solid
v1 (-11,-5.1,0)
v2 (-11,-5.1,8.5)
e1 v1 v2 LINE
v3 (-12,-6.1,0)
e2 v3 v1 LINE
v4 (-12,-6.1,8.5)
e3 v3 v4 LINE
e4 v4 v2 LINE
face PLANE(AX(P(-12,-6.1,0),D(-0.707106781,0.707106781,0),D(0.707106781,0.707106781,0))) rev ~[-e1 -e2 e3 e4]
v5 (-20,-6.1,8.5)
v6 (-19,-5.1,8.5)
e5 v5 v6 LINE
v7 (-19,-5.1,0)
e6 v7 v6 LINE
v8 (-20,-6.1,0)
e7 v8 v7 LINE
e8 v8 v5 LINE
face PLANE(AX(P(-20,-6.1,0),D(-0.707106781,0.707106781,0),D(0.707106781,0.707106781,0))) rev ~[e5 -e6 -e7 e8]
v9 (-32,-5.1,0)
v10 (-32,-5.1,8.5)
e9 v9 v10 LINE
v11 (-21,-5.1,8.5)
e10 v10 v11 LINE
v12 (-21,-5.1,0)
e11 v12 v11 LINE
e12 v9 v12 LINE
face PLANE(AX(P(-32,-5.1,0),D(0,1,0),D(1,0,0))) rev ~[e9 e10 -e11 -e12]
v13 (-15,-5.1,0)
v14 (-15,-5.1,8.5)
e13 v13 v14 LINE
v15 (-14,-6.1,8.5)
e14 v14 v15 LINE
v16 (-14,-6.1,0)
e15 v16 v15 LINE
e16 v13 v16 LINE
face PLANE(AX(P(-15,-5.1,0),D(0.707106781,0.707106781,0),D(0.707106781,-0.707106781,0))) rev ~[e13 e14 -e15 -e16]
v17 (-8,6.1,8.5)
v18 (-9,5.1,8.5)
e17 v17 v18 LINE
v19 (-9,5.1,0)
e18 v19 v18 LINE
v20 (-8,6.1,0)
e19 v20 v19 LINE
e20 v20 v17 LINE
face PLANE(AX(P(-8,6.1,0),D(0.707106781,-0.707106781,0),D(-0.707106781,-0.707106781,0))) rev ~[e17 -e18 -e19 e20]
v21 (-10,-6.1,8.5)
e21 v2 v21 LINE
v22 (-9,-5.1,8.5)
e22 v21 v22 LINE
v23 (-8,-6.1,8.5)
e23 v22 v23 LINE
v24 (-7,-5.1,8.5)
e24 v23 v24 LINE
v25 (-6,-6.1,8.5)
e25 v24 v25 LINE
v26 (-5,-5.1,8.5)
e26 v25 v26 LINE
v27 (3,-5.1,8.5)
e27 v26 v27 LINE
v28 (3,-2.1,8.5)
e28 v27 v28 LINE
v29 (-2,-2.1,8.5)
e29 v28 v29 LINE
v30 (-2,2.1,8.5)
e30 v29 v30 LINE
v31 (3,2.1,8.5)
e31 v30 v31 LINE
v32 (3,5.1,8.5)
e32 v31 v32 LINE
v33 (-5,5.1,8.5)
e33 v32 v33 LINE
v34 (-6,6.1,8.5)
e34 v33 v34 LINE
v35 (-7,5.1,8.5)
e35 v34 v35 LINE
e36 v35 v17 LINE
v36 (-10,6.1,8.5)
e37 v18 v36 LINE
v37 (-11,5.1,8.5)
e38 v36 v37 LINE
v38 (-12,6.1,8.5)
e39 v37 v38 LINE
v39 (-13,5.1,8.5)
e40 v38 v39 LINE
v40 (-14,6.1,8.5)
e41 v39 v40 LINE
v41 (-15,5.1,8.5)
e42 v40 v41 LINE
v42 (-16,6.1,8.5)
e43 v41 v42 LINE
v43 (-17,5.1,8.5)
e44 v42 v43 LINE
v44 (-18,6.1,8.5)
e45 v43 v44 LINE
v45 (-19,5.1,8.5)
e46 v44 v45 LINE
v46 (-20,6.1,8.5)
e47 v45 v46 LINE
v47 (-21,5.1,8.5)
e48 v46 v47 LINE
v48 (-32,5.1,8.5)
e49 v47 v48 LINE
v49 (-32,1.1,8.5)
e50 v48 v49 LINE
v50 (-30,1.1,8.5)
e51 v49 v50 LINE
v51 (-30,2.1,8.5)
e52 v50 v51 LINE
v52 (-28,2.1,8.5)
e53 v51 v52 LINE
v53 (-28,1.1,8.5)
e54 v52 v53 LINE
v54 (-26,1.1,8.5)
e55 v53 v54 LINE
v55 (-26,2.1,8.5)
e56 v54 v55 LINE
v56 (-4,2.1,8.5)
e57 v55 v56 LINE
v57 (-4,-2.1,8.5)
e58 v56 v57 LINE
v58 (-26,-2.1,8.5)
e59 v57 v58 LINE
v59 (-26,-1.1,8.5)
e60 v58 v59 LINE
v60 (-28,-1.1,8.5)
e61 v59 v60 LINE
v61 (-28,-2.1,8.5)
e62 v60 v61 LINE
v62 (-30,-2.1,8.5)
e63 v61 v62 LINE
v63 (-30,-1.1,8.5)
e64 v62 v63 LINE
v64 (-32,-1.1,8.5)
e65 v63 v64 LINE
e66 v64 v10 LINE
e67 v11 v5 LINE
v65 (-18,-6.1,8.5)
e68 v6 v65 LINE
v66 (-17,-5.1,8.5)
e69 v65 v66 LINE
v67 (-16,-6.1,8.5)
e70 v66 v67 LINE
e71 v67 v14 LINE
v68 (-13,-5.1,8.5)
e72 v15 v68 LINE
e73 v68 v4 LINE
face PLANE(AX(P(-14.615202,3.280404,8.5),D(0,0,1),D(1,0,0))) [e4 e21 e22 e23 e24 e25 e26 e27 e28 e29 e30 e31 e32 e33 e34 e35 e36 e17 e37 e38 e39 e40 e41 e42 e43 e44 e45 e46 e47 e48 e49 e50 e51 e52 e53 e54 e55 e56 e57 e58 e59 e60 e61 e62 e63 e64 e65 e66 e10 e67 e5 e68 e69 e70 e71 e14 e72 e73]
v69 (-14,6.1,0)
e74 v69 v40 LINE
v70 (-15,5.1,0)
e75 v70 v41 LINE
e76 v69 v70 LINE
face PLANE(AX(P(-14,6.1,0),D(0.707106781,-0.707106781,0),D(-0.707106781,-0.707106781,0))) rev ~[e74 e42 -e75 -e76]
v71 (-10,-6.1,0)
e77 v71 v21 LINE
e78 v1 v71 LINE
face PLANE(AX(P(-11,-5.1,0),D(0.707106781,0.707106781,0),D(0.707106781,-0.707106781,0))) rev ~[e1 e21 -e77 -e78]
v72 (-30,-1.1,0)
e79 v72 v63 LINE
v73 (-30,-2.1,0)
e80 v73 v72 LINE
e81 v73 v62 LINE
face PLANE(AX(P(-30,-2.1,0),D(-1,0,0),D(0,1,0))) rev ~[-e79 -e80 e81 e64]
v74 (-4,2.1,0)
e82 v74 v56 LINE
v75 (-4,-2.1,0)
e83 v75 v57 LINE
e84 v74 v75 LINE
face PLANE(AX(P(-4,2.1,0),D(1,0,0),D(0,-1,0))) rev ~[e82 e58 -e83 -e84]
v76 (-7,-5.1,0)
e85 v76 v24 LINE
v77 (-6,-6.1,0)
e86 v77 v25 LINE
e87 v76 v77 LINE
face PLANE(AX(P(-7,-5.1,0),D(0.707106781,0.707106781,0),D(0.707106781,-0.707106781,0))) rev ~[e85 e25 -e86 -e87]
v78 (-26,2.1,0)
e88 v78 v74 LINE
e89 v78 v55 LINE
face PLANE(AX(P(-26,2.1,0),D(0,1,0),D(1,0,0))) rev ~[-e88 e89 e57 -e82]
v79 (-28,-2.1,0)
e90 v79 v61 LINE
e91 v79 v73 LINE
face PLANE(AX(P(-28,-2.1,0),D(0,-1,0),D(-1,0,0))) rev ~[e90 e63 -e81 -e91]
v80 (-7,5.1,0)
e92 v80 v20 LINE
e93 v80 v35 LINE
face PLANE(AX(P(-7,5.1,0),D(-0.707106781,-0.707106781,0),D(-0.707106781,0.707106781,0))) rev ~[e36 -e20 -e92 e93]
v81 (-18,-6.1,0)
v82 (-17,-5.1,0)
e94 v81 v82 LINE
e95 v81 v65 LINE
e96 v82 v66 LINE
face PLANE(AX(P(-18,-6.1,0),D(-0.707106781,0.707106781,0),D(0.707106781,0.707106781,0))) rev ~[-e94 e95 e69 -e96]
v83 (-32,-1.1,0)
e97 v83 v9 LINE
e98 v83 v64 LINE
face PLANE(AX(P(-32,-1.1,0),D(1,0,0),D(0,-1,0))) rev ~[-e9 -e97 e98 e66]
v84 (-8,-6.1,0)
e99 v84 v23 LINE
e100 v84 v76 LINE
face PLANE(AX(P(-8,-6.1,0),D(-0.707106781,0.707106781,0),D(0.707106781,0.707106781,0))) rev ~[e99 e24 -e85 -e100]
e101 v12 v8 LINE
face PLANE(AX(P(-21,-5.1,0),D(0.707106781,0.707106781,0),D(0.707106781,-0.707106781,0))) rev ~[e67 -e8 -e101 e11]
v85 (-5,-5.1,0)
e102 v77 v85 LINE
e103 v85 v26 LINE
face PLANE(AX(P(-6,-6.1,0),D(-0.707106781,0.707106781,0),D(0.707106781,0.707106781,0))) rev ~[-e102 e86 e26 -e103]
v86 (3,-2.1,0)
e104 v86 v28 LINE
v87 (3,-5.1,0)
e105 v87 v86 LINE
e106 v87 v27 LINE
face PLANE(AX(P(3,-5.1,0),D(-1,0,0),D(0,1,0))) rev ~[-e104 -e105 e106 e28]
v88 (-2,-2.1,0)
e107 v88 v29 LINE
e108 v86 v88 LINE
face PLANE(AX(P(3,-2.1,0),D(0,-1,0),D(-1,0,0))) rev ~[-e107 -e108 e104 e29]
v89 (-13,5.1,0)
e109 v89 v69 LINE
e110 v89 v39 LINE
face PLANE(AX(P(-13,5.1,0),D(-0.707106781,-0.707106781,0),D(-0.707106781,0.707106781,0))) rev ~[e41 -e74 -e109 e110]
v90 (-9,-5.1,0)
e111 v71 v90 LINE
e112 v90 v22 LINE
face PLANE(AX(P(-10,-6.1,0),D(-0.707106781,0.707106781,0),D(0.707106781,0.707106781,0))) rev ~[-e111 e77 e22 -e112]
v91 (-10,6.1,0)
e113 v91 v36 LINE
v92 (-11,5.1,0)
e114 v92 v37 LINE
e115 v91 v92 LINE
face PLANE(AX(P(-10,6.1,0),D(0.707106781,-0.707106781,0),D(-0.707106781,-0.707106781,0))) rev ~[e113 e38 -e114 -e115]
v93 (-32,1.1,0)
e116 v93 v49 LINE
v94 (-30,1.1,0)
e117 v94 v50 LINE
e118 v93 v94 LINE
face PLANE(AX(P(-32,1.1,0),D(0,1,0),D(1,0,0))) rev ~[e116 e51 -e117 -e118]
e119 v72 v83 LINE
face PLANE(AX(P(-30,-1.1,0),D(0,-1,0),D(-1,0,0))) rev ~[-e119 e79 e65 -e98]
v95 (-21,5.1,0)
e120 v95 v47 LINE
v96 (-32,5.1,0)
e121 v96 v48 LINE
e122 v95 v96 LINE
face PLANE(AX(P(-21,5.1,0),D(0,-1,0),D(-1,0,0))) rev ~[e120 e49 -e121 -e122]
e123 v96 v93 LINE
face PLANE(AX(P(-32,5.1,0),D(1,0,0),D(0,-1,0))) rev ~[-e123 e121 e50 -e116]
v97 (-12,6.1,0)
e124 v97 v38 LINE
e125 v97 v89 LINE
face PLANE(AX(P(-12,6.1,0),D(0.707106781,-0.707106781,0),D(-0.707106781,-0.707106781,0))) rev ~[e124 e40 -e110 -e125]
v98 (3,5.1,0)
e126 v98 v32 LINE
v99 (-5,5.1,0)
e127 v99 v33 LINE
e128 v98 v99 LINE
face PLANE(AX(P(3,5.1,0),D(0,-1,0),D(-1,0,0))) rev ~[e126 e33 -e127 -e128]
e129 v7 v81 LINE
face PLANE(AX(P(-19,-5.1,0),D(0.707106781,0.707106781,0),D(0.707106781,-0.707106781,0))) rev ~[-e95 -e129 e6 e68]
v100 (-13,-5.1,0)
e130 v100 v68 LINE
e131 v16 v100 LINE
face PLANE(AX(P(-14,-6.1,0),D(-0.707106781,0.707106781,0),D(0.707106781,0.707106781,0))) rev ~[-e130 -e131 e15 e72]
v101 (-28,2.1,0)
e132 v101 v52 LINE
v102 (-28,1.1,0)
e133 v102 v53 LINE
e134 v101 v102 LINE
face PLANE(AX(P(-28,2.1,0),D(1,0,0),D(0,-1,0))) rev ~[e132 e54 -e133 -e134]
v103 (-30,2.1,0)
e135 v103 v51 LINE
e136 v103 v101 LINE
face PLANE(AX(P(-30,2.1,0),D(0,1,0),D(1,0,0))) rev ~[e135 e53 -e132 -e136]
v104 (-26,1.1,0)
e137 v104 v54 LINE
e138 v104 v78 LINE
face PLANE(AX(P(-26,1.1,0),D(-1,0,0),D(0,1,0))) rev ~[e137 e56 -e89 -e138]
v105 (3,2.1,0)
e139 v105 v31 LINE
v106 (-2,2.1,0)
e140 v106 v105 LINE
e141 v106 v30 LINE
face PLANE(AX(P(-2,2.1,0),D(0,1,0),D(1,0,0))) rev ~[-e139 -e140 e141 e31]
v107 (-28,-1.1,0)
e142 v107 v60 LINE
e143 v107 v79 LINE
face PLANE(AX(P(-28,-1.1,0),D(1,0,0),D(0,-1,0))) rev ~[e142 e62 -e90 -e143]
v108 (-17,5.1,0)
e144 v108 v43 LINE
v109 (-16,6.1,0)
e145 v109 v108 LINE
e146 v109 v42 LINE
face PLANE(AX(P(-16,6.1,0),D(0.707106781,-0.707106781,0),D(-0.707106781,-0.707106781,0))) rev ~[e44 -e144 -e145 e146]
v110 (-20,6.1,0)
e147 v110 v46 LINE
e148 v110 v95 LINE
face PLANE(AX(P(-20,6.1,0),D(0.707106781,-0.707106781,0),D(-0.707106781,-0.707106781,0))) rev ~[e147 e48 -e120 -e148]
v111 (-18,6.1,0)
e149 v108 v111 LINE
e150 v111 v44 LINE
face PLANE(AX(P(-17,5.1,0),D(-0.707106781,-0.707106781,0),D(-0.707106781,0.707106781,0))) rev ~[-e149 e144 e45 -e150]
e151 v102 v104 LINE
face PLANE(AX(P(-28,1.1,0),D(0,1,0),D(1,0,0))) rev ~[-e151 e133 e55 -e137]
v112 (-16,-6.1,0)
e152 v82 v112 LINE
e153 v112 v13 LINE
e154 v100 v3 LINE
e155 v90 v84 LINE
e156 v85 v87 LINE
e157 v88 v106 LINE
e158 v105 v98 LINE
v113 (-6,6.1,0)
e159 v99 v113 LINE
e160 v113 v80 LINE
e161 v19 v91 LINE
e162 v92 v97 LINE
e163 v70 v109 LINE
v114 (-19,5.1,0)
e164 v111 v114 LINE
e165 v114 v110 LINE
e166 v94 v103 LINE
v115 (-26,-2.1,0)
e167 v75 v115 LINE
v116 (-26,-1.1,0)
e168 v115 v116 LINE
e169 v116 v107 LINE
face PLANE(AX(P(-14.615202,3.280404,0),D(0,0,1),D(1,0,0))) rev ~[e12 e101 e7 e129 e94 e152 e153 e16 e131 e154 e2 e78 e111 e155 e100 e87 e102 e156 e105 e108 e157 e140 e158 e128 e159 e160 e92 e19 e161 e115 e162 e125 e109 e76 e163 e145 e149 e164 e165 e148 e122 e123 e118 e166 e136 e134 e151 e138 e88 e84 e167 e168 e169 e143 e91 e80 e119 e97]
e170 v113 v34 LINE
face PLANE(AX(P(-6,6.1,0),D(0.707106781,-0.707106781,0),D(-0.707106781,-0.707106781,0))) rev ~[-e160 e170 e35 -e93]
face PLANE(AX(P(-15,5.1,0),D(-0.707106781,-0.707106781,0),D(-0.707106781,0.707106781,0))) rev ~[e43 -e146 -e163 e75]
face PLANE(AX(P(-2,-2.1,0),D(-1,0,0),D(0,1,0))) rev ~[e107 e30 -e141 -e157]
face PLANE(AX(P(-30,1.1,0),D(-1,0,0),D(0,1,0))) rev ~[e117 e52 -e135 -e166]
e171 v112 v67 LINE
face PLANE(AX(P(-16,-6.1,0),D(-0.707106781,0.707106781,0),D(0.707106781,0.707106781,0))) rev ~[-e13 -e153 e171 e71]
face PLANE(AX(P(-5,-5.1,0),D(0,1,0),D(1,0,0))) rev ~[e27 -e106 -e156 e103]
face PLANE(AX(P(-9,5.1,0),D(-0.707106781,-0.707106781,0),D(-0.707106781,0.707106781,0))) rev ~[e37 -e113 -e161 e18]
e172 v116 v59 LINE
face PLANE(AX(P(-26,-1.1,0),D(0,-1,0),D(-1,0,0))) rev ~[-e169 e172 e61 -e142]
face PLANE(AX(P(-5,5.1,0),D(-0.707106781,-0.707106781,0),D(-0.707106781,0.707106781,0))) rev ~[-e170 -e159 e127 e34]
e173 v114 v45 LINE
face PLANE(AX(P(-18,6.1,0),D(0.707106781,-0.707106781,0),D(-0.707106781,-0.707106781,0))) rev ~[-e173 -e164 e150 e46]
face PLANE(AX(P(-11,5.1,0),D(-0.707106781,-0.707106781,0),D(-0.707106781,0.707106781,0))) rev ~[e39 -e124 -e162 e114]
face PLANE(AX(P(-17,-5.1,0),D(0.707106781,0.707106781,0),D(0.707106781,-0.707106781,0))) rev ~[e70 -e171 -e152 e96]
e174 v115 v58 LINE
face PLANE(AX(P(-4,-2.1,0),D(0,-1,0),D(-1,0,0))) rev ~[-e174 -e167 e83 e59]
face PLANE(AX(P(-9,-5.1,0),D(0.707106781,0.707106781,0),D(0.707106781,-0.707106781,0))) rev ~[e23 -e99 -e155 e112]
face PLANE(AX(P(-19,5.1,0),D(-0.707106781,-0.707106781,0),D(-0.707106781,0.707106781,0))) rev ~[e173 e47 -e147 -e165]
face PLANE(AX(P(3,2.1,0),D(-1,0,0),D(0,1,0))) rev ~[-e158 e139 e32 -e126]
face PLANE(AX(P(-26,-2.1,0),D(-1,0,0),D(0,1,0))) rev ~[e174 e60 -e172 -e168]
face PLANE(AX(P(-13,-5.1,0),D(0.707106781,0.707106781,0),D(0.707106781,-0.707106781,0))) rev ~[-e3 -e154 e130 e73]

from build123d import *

# Parameters (mm, degrees)
F1_DEPTH = 8.5


with BuildPart() as f1:
    # F0 (on Top) → F1 (new body)
    with BuildSketch(Plane.XY):
        Polygon((-4, 2.1), (-4, 0), (-2, 0), (-2, 2.1), (3, 2.1), (3, 5.1), (-5, 5.1), (-7, 5.1), (-9, 5.1), (-11, 5.1), (-13, 5.1), (-15, 5.1), (-17, 5.1), (-19, 5.1), (-21, 5.1), (-32, 5.1), (-32, 2.1), (-32, 1.1), (-30, 1.1), (-30, 2.1), (-28, 2.1), (-28, 1.1), (-26, 1.1), (-26, 2.1), align=None)
        Polygon((-2, 0), (-4, 0), (-4, -2.1), (-26, -2.1), (-26, -1.1), (-28, -1.1), (-28, -2.1), (-30, -2.1), (-30, -1.1), (-32, -1.1), (-32, -2.1), (-32, -5.1), (-21, -5.1), (-19, -5.1), (-17, -5.1), (-15, -5.1), (-13, -5.1), (-11, -5.1), (-9, -5.1), (-7, -5.1), (-5, -5.1), (3, -5.1), (3, -2.1), (-2, -2.1), align=None)
        Polygon((-7, 5.1), (-5, 5.1), (-6, 6.1), align=None)
        Polygon((-6, -6.1), (-5, -5.1), (-7, -5.1), align=None)
        Polygon((-9, 5.1), (-7, 5.1), (-8, 6.1), align=None)
        Polygon((-8, -6.1), (-7, -5.1), (-9, -5.1), align=None)
        Polygon((-11, 5.1), (-9, 5.1), (-10, 6.1), align=None)
        Polygon((-10, -6.1), (-9, -5.1), (-11, -5.1), align=None)
        Polygon((-13, 5.1), (-11, 5.1), (-12, 6.1), align=None)
        Polygon((-12, -6.1), (-11, -5.1), (-13, -5.1), align=None)
        Polygon((-15, 5.1), (-13, 5.1), (-14, 6.1), align=None)
        Polygon((-14, -6.1), (-13, -5.1), (-15, -5.1), align=None)
        Polygon((-17, 5.1), (-15, 5.1), (-16, 6.1), align=None)
        Polygon((-16, -6.1), (-15, -5.1), (-17, -5.1), align=None)
        Polygon((-19, 5.1), (-17, 5.1), (-18, 6.1), align=None)
        Polygon((-18, -6.1), (-17, -5.1), (-19, -5.1), align=None)
        Polygon((-20, 6.1), (-21, 5.1), (-19, 5.1), align=None)
        Polygon((-19, -5.1), (-21, -5.1), (-20, -6.1), align=None)
    extrude(amount=F1_DEPTH)


solid = f1.part
